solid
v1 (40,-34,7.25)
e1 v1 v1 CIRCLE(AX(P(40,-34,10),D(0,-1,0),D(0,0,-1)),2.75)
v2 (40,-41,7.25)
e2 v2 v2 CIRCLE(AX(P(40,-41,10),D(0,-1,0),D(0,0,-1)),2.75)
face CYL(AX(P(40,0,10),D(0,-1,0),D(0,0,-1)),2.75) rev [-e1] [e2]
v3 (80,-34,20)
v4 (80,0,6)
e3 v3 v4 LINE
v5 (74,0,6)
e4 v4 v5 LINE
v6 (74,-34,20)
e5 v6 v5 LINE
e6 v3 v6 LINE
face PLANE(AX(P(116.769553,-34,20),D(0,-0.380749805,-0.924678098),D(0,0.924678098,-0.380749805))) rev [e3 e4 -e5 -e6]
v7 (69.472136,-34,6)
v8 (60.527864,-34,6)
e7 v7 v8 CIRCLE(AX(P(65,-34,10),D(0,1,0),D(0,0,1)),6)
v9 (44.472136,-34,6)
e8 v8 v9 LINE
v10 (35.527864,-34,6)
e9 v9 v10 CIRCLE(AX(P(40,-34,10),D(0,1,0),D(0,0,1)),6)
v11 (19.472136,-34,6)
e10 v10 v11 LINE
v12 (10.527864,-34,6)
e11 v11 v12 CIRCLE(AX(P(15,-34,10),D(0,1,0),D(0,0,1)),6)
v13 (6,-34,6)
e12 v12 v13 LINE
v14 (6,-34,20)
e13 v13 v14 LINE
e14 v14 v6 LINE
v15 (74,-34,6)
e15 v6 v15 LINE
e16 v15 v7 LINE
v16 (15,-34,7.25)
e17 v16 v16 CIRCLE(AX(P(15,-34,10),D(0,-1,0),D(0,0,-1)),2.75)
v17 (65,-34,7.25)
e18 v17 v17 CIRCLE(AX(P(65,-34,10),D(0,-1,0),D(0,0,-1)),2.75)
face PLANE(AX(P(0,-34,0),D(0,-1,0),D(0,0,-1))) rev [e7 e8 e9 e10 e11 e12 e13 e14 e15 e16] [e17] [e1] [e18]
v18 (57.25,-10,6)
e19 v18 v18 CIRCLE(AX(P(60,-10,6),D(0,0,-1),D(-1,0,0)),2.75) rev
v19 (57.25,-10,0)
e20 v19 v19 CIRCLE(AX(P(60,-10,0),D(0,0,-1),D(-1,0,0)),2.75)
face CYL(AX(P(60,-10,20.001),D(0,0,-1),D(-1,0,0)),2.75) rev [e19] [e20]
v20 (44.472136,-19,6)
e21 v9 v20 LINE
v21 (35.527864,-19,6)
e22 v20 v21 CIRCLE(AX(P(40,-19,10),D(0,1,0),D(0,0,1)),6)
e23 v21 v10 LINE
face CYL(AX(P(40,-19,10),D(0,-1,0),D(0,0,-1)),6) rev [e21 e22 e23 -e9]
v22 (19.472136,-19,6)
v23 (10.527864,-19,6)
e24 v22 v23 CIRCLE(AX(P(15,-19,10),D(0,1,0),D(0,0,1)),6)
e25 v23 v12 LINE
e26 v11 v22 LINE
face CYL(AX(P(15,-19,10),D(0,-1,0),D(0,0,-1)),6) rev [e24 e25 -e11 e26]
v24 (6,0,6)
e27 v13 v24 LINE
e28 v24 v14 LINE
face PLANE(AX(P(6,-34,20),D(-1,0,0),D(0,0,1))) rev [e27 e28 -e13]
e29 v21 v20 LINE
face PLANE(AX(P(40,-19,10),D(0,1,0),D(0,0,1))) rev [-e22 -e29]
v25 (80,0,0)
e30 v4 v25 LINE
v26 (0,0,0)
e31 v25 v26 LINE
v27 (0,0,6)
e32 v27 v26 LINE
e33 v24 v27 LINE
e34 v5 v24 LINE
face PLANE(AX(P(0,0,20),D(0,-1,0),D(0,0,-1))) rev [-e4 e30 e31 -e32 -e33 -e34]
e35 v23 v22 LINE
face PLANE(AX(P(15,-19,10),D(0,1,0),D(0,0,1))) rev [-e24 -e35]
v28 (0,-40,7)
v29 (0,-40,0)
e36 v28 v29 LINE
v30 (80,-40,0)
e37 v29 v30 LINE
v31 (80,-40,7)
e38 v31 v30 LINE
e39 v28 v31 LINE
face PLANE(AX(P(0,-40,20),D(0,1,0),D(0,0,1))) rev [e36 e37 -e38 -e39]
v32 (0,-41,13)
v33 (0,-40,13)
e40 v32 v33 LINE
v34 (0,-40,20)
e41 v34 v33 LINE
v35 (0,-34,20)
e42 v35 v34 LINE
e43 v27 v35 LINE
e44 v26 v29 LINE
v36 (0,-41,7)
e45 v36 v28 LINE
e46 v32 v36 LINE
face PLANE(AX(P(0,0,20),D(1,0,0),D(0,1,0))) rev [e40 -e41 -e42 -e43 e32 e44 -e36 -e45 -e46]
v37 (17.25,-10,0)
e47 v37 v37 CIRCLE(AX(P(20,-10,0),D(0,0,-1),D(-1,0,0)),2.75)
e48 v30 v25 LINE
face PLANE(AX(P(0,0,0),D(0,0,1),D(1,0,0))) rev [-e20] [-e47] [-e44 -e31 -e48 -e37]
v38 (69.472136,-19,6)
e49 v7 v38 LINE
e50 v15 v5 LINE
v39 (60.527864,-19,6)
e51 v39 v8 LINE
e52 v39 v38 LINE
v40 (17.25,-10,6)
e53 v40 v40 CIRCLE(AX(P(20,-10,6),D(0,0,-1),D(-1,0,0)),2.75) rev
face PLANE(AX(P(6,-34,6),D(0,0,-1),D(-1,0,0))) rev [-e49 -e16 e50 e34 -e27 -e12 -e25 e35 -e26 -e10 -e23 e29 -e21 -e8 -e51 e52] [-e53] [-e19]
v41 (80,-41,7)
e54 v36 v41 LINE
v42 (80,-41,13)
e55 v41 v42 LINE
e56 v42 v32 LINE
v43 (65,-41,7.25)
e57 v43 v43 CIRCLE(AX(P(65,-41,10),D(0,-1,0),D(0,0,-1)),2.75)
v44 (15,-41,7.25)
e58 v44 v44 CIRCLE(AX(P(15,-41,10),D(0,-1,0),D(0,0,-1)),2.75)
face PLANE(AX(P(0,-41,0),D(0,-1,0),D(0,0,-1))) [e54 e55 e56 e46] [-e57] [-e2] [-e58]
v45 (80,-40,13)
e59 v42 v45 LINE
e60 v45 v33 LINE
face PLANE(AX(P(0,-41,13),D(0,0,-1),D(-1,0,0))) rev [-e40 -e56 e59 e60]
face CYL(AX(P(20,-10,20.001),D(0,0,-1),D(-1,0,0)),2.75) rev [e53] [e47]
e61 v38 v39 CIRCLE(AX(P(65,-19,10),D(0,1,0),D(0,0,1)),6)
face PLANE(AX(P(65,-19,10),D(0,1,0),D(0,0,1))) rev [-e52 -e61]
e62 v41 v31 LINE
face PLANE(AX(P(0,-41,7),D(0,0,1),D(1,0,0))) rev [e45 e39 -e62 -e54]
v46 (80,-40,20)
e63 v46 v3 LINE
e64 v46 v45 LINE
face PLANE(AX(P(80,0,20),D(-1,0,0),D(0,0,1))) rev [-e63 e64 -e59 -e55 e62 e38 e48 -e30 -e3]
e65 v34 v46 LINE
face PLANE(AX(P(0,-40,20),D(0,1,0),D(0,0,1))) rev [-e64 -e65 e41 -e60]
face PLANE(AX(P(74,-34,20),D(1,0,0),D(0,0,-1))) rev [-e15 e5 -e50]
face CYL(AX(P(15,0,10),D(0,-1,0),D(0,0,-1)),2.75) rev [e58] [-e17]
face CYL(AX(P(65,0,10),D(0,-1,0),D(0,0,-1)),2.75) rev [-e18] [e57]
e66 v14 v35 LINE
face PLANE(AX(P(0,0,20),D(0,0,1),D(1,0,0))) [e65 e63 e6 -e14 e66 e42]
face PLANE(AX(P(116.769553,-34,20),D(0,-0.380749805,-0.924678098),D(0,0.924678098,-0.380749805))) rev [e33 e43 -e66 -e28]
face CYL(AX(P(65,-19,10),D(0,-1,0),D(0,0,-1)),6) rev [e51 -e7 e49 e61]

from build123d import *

# Parameters (mm, degrees)
CROQUIS1_W                 = 80
CROQUIS1_H                 = 40
SALIENTE_EXTRUIR1_DEPTH    = 20
CROQUIS2_W                 = 68
CROQUIS2_H                 = 14
CORTAR_EXTRUIR1_DEPTH      = 34
CORTAR_EXTRUIR2_DEPTH      = 80
CORTAR_EXTRUIR3_REACH      = 22
CROQUIS4_R                 = 2.75
CROQUIS8_W                 = 80
CROQUIS8_H                 = 6
SALIENTE_EXTRUIR2_DEPTH    = 1
CROQUIS5_R                 = 2.75
CORTAR_EXTRUIR6_DEPTH      = 2
CORTAR_EXTRUIR6_DEPTH_BACK = 41
CROQUIS9_R                 = 6
CORTAR_EXTRUIR8_DEPTH      = 15


with BuildPart() as part:
    # Croquis1 → Saliente-Extruir1 (new body)
    with BuildSketch(Plane.XY):
        with Locations((40, -20)):
            Rectangle(CROQUIS1_W, CROQUIS1_H)
    extrude(amount=SALIENTE_EXTRUIR1_DEPTH)

    # Croquis2 → Cortar-Extruir1 (cut)
    with BuildSketch(Plane(origin=(0, 0, 0), x_dir=(1, 0, 0), z_dir=(0, 1, 0))):
        with Locations((40, -13)):
            Rectangle(CROQUIS2_W, CROQUIS2_H)
    extrude(amount=-CORTAR_EXTRUIR1_DEPTH, mode=Mode.SUBTRACT)

    # Croquis3 → Cortar-Extruir2 (cut)
    with BuildSketch(Plane.ZY):
        Polygon((20, 0), (20, -34), (6, 0), align=None)
    extrude(amount=-CORTAR_EXTRUIR2_DEPTH, mode=Mode.SUBTRACT)

    # Croquis4 → Cortar-Extruir3 (cut, up to next)
    with BuildSketch(Plane(origin=(0, 0, 0), x_dir=(-1, 0, 0), z_dir=(0, 0, -1)), mode=Mode.PRIVATE) as cortar_extruir3_sk1:
        with Locations((-60, -10)):
            Circle(CROQUIS4_R)
    cortar_extruir3_tool1 = extrude(cortar_extruir3_sk1.sketch, amount=-CORTAR_EXTRUIR3_REACH, mode=Mode.PRIVATE) & part.part
    add(cortar_extruir3_tool1.solids().sort_by_distance((60, -10, 0))[0], mode=Mode.SUBTRACT)
    # Croquis4 → Cortar-Extruir3 (cut, up to next)
    with BuildSketch(Plane(origin=(0, 0, 0), x_dir=(-1, 0, 0), z_dir=(0, 0, -1)), mode=Mode.PRIVATE) as cortar_extruir3_sk2:
        with Locations((-20, -10)):
            Circle(CROQUIS4_R)
    cortar_extruir3_tool2 = extrude(cortar_extruir3_sk2.sketch, amount=-CORTAR_EXTRUIR3_REACH, mode=Mode.PRIVATE) & part.part
    add(cortar_extruir3_tool2.solids().sort_by_distance((20, -10, 0))[0], mode=Mode.SUBTRACT)

    # Croquis8 → Saliente-Extruir2 (add)
    with BuildSketch(Plane.XZ.offset(40)):
        with Locations((40, 10)):
            Rectangle(CROQUIS8_W, CROQUIS8_H)
    extrude(amount=SALIENTE_EXTRUIR2_DEPTH)

    # Croquis5 → Cortar-Extruir6 (cut, two sides)
    with BuildSketch(Plane.XZ.offset(40)) as cortar_extruir6_sk:
        with Locations((15, 10)):
            Circle(CROQUIS5_R)
        with Locations((40, 10)):
            Circle(CROQUIS5_R)
        with Locations((65, 10)):
            Circle(CROQUIS5_R)
    extrude(amount=CORTAR_EXTRUIR6_DEPTH, mode=Mode.SUBTRACT)
    extrude(cortar_extruir6_sk.sketch, amount=-CORTAR_EXTRUIR6_DEPTH_BACK, mode=Mode.SUBTRACT)

    # Croquis9 → Cortar-Extruir8 (cut)
    with BuildSketch(Plane(origin=(0, -34, 0), x_dir=(1, 0, 0), z_dir=(0, 1, 0))):
        with Locations((15, -10)):
            Circle(CROQUIS9_R)
        with Locations((40, -10)):
            Circle(CROQUIS9_R)
        with Locations((65, -10)):
            Circle(CROQUIS9_R)
    extrude(amount=CORTAR_EXTRUIR8_DEPTH, mode=Mode.SUBTRACT)


solid = part.part
